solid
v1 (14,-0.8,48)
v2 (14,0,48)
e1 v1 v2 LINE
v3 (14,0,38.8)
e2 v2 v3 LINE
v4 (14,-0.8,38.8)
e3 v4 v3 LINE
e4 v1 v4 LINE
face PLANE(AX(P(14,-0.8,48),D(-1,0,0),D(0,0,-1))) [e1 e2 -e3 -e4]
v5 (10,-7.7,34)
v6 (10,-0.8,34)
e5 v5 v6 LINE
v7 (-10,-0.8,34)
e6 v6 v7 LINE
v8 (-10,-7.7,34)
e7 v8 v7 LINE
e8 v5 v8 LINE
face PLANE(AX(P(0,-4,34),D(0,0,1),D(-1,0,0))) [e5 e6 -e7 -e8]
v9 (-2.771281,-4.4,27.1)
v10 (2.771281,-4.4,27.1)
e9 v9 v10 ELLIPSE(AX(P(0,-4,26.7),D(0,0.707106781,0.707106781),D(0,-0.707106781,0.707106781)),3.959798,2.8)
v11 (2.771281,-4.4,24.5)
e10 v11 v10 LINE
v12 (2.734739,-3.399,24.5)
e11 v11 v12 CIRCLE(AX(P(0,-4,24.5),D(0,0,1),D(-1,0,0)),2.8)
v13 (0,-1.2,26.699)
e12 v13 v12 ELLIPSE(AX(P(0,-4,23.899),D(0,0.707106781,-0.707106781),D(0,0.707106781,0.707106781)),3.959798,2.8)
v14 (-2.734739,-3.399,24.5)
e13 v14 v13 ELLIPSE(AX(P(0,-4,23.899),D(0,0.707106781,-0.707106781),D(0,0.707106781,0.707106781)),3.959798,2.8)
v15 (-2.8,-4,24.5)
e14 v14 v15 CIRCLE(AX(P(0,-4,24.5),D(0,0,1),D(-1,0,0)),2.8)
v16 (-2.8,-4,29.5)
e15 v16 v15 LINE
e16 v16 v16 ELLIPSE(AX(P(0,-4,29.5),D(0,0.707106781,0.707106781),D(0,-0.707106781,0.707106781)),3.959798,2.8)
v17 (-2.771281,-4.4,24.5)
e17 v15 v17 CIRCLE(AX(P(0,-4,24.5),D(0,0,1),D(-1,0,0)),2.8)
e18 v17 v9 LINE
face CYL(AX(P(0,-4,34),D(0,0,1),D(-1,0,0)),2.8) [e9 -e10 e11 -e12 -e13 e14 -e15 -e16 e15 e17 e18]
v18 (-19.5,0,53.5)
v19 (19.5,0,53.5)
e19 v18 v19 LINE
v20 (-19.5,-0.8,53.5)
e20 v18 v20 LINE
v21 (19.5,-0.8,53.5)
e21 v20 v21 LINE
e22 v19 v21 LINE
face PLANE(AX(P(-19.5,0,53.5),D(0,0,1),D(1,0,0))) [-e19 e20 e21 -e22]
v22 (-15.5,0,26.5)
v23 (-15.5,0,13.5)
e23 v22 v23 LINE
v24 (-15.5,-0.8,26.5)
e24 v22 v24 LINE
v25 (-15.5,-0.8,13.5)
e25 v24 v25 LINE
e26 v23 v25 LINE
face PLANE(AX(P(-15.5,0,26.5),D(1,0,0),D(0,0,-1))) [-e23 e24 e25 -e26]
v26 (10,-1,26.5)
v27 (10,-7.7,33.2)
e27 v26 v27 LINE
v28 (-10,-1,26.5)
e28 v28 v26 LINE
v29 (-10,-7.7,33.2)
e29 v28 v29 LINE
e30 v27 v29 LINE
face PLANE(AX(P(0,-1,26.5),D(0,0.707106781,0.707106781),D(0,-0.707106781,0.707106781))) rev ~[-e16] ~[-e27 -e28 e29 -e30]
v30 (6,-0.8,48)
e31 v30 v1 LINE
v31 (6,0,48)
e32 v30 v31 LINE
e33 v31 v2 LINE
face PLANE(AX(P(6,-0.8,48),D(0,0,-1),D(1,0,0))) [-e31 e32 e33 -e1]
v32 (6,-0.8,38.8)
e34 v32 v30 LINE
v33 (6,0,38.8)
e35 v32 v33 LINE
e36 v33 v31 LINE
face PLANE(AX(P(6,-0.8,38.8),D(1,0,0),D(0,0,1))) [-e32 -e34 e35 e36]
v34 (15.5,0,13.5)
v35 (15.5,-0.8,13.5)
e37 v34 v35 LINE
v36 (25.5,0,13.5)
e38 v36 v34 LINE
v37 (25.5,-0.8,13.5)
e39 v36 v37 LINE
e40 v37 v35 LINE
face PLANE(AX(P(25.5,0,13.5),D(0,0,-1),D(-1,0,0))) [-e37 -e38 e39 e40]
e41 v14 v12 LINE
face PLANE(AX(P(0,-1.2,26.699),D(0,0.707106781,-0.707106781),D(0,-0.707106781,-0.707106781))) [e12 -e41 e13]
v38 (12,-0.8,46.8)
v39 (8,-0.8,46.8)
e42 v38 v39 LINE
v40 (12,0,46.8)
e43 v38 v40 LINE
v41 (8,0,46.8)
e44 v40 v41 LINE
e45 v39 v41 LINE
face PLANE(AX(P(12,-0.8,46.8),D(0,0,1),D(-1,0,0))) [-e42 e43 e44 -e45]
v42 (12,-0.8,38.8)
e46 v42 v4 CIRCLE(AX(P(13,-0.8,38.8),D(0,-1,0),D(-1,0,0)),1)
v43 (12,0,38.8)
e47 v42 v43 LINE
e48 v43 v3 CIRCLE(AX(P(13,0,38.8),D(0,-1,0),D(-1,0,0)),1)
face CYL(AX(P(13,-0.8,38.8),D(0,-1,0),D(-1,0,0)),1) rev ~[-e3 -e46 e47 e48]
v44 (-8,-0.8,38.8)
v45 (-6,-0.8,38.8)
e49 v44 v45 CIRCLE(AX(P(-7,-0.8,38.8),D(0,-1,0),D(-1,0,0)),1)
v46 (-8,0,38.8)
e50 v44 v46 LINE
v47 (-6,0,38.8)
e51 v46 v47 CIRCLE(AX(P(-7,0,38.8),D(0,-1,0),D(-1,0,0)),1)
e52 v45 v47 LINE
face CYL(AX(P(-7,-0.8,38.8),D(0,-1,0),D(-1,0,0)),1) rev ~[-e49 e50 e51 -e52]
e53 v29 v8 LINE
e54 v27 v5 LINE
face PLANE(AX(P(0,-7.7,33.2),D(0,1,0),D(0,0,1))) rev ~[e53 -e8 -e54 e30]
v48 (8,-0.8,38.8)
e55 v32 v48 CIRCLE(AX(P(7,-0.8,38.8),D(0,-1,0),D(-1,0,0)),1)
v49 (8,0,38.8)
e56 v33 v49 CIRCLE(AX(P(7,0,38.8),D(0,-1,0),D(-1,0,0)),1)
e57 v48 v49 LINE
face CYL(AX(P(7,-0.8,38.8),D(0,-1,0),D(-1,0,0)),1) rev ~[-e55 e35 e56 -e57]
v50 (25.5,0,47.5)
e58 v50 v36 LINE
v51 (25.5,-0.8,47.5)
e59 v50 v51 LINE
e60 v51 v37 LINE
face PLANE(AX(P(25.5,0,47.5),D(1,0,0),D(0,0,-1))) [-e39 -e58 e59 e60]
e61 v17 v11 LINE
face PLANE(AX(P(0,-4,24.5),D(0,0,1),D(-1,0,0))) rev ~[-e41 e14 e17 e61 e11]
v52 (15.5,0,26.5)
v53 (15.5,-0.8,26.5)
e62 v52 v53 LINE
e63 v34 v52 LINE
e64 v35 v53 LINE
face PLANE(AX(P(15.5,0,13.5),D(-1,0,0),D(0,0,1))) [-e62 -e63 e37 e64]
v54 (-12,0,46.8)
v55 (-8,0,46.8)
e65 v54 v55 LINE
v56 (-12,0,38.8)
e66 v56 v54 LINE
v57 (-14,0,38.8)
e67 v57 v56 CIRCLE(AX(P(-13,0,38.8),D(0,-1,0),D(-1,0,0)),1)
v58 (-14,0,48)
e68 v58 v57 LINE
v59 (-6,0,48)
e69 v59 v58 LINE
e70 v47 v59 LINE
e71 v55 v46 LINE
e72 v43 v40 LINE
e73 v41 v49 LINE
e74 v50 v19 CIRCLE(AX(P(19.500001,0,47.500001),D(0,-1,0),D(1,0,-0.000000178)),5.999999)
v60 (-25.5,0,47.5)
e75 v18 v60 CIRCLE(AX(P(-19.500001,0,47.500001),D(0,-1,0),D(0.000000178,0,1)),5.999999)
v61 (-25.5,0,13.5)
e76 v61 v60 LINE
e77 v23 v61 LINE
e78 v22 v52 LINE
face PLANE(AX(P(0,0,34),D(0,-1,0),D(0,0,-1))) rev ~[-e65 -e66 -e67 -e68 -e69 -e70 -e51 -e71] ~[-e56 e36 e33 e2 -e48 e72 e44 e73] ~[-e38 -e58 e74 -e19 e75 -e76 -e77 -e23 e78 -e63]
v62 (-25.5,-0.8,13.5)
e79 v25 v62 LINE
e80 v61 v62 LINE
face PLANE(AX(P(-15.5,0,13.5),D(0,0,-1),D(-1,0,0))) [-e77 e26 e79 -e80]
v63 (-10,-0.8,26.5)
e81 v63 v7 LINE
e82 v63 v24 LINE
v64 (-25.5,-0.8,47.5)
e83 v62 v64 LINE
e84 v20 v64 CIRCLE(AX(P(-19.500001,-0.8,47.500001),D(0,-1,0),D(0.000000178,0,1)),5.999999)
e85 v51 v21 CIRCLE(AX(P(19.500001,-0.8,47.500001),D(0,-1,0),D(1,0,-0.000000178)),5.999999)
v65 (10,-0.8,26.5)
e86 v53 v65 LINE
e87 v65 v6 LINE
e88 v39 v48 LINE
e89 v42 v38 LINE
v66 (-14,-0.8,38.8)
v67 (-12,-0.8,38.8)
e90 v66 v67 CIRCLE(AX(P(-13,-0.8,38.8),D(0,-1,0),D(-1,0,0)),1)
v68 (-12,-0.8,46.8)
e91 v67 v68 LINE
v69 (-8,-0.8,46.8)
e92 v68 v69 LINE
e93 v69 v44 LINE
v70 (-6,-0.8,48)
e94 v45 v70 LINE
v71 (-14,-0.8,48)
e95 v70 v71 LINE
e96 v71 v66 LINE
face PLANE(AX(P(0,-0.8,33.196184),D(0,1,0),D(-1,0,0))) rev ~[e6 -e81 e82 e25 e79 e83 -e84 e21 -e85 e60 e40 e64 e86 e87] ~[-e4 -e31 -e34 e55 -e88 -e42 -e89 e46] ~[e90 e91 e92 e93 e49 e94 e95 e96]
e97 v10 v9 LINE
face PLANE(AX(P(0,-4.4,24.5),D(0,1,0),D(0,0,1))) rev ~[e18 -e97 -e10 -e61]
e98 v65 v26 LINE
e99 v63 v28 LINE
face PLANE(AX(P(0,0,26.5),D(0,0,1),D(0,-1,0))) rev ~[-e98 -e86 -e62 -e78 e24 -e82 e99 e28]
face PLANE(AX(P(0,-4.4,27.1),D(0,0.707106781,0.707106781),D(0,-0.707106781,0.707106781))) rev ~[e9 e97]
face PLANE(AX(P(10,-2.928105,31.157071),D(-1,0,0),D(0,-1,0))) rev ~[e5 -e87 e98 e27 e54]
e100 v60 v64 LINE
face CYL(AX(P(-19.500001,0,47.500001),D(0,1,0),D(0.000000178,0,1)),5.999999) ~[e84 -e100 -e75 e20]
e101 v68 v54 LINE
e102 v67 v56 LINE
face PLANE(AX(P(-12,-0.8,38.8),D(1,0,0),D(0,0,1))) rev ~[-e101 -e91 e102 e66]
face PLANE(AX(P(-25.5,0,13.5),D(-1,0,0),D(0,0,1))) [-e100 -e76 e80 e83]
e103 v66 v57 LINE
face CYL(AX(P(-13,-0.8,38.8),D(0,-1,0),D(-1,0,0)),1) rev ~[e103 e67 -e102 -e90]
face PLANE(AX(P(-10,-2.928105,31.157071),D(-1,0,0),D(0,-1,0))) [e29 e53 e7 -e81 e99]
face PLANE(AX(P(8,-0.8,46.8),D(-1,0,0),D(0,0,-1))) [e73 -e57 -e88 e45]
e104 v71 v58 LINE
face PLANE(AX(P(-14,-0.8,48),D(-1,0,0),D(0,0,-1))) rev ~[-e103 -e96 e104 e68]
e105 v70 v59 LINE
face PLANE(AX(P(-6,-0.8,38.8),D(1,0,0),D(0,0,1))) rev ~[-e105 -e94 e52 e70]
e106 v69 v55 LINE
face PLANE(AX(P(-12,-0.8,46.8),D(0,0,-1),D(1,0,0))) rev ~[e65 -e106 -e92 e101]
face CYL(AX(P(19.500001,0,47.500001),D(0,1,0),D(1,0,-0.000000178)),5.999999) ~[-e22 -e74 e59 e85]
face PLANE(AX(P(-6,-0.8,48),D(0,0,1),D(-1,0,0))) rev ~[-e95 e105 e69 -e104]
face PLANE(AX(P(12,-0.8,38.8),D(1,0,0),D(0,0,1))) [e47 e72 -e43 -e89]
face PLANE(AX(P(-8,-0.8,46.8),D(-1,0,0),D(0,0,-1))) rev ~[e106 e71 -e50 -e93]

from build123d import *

# Parameters (mm, degrees)
PAD_DEPTH       = 0.8
PAD001_DEPTH    = 10
SKETCH003_R     = 2.8
PAD002_DEPTH    = 9.5
POCKET001_DEPTH = 3
POCKET_DEPTH    = 5


with BuildPart() as part:
    # Sketch → Pad (new body)
    with BuildSketch(Plane.XZ):
        with BuildLine():
            Line((-25.5, 13.5), (-25.5, 47.5))
            ThreePointArc((-19.5, 53.5), (-23.742641, 51.742641), (-25.5, 47.5))
            Line((-19.5, 53.5), (19.5, 53.5))
            ThreePointArc((25.5, 47.5), (23.742641, 51.742641), (19.5, 53.5))
            Line((25.5, 47.5), (25.5, 13.5))
            Line((25.5, 13.5), (15.5, 13.5))
            Line((15.5, 13.5), (15.5, 26.5))
            Line((15.5, 26.5), (-15.5, 26.5))
            Line((-15.5, 26.5), (-15.5, 13.5))
            Line((-15.5, 13.5), (-25.5, 13.5))
        make_face()
    extrude(amount=PAD_DEPTH)

    # Sketch001 → Pad001 (join, symmetric)
    with BuildSketch(Plane.YZ):
        Polygon((-1, 26.5), (-7.7, 33.2), (-7.7, 34), (0, 34), (0, 26.5), align=None)
    extrude(amount=PAD001_DEPTH, both=True)

    # Sketch003 (on Face12 of Pad001) → Pad002 (join)
    with BuildSketch(Plane(origin=(0, 0, 34), x_dir=(-1, 0, 0), z_dir=(0, 0, 1))):
        with Locations((0, 4)):
            Circle(SKETCH003_R)
    extrude(amount=-PAD002_DEPTH)

    # Sketch004 → Pocket001 (cut, symmetric)
    with BuildSketch(Plane.YZ):
        Polygon((-1.2, 26.699), (-3.399, 24.5), (-1.2, 24.5), align=None)
        Polygon((-7.7, 30.4), (-7.7, 24.5), (-4.4, 24.5), (-4.4, 27.1), align=None)
    extrude(amount=POCKET001_DEPTH, both=True, mode=Mode.SUBTRACT)

    # Sketch005 (on Face5 of Pad002) → Pocket (cut)
    with BuildSketch(Plane.XZ.offset(0.8)):
        with BuildLine():
            Line((-12, 38.8), (-12, 46.8))
            Line((-12, 46.8), (-8, 46.8))
            Line((-8, 46.8), (-8, 38.8))
            ThreePointArc((-8, 38.8), (-7, 37.8), (-6, 38.8))
            Line((-6, 38.8), (-6, 48))
            Line((-6, 48), (-14, 48))
            Line((-14, 48), (-14, 38.8))
            ThreePointArc((-14, 38.8), (-13, 37.8), (-12, 38.8))
        make_face()
        with BuildLine():
            Line((12, 38.8), (12, 46.8))
            Line((12, 46.8), (8, 46.8))
            Line((8, 46.8), (8, 38.8))
            ThreePointArc((6, 38.8), (7, 37.8), (8, 38.8))
            Line((6, 38.8), (6, 48))
            Line((6, 48), (14, 48))
            Line((14, 48), (14, 38.8))
            ThreePointArc((12, 38.8), (13, 37.8), (14, 38.8))
        make_face()
    extrude(amount=-POCKET_DEPTH, mode=Mode.SUBTRACT)


solid = part.part
